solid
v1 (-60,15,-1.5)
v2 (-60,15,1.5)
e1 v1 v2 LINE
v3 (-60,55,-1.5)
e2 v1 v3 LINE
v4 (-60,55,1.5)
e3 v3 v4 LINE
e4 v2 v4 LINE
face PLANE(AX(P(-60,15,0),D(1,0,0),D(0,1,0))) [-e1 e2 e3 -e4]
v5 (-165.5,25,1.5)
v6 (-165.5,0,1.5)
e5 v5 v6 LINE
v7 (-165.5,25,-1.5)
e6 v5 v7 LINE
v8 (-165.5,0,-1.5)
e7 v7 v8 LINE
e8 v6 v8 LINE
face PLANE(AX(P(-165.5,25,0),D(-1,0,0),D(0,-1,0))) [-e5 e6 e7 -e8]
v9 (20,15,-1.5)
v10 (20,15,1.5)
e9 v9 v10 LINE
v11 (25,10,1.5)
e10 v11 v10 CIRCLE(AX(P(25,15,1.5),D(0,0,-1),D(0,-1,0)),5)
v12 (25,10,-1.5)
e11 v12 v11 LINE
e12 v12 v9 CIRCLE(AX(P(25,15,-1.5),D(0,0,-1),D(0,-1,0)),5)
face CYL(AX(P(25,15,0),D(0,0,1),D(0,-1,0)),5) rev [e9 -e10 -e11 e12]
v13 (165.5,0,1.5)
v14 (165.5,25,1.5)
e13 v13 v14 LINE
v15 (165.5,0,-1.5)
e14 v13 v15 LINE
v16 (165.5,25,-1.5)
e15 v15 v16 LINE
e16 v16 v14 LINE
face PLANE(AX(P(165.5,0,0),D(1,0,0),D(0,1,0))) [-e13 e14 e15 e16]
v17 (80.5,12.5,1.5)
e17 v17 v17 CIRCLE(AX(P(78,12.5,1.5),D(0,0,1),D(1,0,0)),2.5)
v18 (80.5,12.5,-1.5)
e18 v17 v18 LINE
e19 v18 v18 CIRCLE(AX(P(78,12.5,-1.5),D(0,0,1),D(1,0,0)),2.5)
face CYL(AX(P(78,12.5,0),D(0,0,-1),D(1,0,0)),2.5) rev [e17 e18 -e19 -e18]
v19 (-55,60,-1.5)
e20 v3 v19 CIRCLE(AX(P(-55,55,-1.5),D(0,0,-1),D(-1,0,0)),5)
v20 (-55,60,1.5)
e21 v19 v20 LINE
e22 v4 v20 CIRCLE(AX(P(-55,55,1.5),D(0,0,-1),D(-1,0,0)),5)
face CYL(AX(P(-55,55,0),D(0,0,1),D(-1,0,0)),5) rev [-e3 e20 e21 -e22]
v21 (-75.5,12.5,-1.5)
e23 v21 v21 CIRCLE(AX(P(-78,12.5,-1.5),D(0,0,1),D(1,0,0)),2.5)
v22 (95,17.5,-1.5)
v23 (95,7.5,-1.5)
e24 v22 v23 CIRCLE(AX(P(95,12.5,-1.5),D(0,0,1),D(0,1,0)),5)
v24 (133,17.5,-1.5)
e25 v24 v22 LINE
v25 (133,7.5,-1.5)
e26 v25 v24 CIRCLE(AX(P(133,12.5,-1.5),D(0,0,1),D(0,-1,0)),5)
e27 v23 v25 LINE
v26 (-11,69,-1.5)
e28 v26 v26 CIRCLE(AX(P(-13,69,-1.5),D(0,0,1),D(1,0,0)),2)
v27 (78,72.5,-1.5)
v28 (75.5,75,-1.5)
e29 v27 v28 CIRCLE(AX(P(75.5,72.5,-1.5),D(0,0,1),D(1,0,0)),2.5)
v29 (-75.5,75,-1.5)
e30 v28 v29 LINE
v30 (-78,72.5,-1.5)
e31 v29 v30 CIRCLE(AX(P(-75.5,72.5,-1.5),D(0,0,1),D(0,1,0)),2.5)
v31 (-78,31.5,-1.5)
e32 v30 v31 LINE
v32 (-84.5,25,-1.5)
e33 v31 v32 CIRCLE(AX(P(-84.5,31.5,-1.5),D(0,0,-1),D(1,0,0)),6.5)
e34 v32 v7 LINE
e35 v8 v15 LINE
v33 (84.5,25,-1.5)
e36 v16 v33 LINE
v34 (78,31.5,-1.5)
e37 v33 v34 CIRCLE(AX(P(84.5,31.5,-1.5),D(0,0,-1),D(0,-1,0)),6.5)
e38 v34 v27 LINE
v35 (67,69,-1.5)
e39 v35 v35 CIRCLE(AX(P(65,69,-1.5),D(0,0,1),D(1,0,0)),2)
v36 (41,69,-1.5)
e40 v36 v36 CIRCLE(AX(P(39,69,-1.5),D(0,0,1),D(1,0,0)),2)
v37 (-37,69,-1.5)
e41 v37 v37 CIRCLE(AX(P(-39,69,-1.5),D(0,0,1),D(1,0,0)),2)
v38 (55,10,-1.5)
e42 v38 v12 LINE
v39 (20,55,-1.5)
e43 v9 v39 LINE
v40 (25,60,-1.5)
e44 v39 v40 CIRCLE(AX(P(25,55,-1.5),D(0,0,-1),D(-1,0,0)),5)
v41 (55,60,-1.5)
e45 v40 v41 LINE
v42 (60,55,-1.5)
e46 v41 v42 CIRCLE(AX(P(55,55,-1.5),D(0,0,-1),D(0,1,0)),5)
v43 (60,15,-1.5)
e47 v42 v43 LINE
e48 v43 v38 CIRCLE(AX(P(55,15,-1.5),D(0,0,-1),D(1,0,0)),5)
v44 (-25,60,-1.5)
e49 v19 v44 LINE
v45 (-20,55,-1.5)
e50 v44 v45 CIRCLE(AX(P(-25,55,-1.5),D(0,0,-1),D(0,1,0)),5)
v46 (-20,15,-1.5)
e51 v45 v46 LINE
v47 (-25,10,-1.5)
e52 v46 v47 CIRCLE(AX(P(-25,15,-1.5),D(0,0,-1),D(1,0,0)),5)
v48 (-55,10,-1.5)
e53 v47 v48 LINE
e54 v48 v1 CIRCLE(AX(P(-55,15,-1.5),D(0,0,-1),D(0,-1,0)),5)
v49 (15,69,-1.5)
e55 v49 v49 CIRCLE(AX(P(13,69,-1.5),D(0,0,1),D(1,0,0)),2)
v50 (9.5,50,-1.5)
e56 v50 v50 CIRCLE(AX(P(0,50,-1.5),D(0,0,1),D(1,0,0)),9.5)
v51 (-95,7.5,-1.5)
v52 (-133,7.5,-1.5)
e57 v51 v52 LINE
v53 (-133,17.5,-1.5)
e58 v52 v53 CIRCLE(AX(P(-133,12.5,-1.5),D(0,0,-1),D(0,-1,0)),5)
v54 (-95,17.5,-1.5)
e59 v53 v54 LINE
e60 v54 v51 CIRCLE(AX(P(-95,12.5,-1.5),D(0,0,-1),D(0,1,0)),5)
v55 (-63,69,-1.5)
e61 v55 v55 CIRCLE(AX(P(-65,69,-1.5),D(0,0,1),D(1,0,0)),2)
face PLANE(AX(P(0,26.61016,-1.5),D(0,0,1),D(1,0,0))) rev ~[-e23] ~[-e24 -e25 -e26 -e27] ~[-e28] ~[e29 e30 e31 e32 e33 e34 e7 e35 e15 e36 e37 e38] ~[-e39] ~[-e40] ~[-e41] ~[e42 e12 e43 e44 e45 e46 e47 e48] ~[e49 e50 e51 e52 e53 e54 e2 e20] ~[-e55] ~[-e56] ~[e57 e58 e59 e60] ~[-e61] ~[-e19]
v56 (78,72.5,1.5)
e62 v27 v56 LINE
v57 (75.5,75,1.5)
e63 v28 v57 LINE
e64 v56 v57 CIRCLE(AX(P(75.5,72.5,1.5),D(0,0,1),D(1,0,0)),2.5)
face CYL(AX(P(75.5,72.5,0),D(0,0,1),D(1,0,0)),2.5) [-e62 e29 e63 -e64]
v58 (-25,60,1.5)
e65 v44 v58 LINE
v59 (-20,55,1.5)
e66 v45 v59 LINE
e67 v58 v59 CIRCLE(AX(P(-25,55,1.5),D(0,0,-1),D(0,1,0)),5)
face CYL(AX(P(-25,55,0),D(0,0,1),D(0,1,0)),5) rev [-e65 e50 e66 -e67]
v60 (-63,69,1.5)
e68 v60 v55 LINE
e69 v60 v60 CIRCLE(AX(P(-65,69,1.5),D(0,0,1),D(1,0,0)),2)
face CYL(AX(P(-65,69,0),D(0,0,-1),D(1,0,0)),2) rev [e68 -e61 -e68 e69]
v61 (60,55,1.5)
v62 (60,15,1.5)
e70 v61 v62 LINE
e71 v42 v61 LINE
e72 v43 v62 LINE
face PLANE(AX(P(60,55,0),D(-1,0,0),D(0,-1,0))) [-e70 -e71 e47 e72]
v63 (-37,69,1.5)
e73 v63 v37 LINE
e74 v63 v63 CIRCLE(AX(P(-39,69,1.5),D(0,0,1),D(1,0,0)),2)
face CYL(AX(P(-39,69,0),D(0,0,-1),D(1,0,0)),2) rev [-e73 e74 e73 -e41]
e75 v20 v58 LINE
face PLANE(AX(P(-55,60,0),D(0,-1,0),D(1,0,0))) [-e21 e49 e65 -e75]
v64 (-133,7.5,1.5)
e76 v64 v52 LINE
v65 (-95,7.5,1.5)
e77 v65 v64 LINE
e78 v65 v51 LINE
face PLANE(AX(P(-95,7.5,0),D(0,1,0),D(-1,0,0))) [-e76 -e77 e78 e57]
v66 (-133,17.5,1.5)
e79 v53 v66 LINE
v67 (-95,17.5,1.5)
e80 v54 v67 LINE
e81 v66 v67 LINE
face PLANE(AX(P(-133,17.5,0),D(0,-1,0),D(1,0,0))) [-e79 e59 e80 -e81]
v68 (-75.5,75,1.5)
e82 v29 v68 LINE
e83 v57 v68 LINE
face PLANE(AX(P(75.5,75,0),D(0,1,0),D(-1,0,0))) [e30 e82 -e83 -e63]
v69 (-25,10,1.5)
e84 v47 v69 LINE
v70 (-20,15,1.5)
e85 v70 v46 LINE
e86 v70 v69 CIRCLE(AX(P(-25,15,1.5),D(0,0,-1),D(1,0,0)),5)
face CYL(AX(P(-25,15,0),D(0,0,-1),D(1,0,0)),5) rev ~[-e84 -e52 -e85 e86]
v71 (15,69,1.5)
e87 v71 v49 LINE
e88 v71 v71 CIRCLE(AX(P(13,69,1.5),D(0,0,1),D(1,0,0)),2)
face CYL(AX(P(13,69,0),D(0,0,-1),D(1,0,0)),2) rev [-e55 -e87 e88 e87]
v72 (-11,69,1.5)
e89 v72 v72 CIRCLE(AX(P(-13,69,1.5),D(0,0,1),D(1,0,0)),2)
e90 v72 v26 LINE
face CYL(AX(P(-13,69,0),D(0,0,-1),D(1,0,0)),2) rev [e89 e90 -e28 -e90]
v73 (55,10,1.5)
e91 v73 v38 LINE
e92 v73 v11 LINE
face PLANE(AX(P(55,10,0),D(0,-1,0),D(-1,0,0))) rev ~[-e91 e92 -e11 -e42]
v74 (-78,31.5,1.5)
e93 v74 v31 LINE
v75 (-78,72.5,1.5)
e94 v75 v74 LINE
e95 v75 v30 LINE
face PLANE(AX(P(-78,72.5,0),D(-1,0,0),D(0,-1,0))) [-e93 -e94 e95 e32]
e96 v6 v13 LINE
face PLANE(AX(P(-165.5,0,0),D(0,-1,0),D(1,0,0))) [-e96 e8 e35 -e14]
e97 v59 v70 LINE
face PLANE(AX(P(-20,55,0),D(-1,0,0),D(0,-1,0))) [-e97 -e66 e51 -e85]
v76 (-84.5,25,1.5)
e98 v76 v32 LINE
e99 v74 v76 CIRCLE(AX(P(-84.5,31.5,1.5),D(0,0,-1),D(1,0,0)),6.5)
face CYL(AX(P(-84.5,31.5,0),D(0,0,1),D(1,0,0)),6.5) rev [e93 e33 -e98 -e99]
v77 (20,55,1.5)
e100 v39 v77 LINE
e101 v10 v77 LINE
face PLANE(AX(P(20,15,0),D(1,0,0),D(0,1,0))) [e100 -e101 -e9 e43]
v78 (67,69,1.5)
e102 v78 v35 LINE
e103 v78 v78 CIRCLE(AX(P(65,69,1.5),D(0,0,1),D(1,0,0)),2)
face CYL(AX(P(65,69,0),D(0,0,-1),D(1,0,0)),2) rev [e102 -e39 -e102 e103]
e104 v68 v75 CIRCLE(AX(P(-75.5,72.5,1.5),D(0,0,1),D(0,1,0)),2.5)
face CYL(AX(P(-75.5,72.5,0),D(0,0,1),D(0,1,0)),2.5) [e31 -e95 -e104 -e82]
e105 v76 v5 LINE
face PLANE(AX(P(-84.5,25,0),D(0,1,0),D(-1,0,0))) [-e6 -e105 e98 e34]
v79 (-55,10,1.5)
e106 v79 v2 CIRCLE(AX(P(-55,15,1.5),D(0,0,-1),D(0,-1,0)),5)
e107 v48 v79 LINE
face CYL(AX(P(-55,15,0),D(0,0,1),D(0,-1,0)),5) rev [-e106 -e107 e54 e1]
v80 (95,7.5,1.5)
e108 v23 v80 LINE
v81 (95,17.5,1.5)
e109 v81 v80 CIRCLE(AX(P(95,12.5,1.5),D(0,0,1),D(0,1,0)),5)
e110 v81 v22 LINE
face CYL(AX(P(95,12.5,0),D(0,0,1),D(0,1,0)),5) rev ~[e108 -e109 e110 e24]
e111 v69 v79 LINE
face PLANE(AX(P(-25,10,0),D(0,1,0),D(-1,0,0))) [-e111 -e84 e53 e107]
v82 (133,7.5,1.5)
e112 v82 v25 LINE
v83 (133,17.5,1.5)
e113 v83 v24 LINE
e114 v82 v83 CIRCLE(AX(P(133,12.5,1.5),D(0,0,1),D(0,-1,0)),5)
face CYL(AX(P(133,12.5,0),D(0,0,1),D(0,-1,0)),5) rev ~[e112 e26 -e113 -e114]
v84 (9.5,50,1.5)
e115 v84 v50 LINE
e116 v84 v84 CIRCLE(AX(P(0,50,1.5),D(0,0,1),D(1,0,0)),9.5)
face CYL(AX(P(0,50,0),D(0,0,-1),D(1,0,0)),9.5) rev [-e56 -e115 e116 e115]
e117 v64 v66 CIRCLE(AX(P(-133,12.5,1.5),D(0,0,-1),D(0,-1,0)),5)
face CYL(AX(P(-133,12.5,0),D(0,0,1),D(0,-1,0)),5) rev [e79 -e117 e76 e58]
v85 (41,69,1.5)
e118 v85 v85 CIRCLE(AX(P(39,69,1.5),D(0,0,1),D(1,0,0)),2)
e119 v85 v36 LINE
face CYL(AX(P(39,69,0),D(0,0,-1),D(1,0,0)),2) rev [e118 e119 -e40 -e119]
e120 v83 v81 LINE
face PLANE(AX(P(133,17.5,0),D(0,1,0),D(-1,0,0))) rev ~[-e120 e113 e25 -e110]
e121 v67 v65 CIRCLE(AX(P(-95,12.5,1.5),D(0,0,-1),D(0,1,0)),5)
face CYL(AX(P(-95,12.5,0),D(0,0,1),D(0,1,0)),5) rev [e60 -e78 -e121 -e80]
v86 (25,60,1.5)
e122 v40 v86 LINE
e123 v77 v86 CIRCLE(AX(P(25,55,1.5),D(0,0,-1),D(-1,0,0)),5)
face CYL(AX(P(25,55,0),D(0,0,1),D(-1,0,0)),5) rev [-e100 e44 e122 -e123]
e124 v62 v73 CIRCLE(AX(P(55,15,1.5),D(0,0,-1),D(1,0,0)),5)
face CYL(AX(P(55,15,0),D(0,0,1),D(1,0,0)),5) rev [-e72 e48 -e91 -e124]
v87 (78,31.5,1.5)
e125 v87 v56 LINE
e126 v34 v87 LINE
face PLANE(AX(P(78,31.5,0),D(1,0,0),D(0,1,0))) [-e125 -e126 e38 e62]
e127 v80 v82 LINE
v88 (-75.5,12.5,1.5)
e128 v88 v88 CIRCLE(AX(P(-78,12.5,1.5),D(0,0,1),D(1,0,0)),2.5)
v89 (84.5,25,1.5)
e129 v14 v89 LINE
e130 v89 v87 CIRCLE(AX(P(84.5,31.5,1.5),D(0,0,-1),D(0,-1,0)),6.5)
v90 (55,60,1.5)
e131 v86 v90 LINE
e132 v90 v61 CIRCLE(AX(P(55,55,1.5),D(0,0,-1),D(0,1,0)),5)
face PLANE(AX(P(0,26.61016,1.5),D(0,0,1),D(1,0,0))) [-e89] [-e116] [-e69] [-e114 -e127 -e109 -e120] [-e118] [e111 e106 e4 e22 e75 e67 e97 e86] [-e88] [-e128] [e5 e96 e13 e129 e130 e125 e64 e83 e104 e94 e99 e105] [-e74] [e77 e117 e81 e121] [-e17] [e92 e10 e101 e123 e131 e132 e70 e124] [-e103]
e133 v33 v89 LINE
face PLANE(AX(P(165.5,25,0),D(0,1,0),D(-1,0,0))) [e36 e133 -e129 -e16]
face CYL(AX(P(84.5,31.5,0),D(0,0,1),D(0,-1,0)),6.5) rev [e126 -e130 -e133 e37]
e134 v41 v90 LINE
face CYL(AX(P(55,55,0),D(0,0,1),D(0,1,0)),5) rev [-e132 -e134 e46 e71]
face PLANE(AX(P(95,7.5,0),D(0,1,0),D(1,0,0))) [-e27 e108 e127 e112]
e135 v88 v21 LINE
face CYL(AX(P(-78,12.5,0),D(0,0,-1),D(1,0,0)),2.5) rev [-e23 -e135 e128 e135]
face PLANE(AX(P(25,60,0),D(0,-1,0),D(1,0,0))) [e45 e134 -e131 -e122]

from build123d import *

# Parameters (mm, degrees)
SKETCH1_R           = 9.5
SKETCH1_R_2         = 2
SKETCH1_R_3         = 2.5
BOSS_EXTRUDE1_DEPTH = 1.5


with BuildPart() as part:
    # Sketch1 → Boss-Extrude1 (new, symmetric)
    with BuildSketch(Plane.XY):
        with BuildLine():
            Line((165.5, 0), (165.5, 25))
            Line((165.5, 25), (84.5, 25))
            ThreePointArc((84.5, 25), (79.903805922, 26.903805922), (78, 31.5))
            Line((78, 31.5), (78, 72.5))
            ThreePointArc((78, 72.5), (77.267766953, 74.267766953), (75.5, 75))
            Line((75.5, 75), (-75.5, 75))
            ThreePointArc((-75.5, 75), (-77.267766953, 74.267766953), (-78, 72.5))
            Line((-78, 72.5), (-78, 31.5))
            ThreePointArc((-78, 31.5), (-79.903805922, 26.903805922), (-84.5, 25))
            Line((-84.5, 25), (-165.5, 25))
            Line((-165.5, 25), (-165.5, 0))
            Line((-165.5, 0), (165.5, 0))
        make_face()
        with Locations((0, 50)):
            Circle(SKETCH1_R, mode=Mode.SUBTRACT)
        with Locations((-65, 69)):
            Circle(SKETCH1_R_2, mode=Mode.SUBTRACT)
        with Locations((-39, 69)):
            Circle(SKETCH1_R_2, mode=Mode.SUBTRACT)
        with Locations((-13, 69)):
            Circle(SKETCH1_R_2, mode=Mode.SUBTRACT)
        with Locations((13, 69)):
            Circle(SKETCH1_R_2, mode=Mode.SUBTRACT)
        with Locations((39, 69)):
            Circle(SKETCH1_R_2, mode=Mode.SUBTRACT)
        with Locations((65, 69)):
            Circle(SKETCH1_R_2, mode=Mode.SUBTRACT)
        with Locations((-78, 12.5)):
            Circle(SKETCH1_R_3, mode=Mode.SUBTRACT)
        with Locations((78, 12.5)):
            Circle(SKETCH1_R_3, mode=Mode.SUBTRACT)
        with BuildLine():
            Line((-55, 60), (-25, 60))
            ThreePointArc((-25, 60), (-21.464466094, 58.535533906), (-20, 55))
            Line((-20, 55), (-20, 15))
            ThreePointArc((-20, 15), (-21.464466094, 11.464466094), (-25, 10))
            Line((-25, 10), (-55, 10))
            ThreePointArc((-55, 10), (-58.535533906, 11.464466094), (-60, 15))
            Line((-60, 15), (-60, 55))
            ThreePointArc((-60, 55), (-58.535533906, 58.535533906), (-55, 60))
        make_face(mode=Mode.SUBTRACT)
        with BuildLine():
            Line((-133, 17.5), (-95, 17.5))
            ThreePointArc((-95, 17.5), (-90, 12.5), (-95, 7.5))
            Line((-95, 7.5), (-133, 7.5))
            ThreePointArc((-133, 7.5), (-138, 12.5), (-133, 17.5))
        make_face(mode=Mode.SUBTRACT)
        with BuildLine():
            Line((133, 17.5), (95, 17.5))
            ThreePointArc((95, 17.5), (90, 12.5), (95, 7.5))
            Line((95, 7.5), (133, 7.5))
            ThreePointArc((133, 7.5), (138, 12.5), (133, 17.5))
        make_face(mode=Mode.SUBTRACT)
        with BuildLine():
            Line((55, 10), (25, 10))
            ThreePointArc((25, 10), (21.464466094, 11.464466094), (20, 15))
            Line((20, 15), (20, 55))
            ThreePointArc((20, 55), (21.464466094, 58.535533906), (25, 60))
            Line((25, 60), (55, 60))
            ThreePointArc((55, 60), (58.535533906, 58.535533906), (60, 55))
            Line((60, 55), (60, 15))
            ThreePointArc((60, 15), (58.535533906, 11.464466094), (55, 10))
        make_face(mode=Mode.SUBTRACT)
    extrude(amount=BOSS_EXTRUDE1_DEPTH, both=True)


solid = part.part
